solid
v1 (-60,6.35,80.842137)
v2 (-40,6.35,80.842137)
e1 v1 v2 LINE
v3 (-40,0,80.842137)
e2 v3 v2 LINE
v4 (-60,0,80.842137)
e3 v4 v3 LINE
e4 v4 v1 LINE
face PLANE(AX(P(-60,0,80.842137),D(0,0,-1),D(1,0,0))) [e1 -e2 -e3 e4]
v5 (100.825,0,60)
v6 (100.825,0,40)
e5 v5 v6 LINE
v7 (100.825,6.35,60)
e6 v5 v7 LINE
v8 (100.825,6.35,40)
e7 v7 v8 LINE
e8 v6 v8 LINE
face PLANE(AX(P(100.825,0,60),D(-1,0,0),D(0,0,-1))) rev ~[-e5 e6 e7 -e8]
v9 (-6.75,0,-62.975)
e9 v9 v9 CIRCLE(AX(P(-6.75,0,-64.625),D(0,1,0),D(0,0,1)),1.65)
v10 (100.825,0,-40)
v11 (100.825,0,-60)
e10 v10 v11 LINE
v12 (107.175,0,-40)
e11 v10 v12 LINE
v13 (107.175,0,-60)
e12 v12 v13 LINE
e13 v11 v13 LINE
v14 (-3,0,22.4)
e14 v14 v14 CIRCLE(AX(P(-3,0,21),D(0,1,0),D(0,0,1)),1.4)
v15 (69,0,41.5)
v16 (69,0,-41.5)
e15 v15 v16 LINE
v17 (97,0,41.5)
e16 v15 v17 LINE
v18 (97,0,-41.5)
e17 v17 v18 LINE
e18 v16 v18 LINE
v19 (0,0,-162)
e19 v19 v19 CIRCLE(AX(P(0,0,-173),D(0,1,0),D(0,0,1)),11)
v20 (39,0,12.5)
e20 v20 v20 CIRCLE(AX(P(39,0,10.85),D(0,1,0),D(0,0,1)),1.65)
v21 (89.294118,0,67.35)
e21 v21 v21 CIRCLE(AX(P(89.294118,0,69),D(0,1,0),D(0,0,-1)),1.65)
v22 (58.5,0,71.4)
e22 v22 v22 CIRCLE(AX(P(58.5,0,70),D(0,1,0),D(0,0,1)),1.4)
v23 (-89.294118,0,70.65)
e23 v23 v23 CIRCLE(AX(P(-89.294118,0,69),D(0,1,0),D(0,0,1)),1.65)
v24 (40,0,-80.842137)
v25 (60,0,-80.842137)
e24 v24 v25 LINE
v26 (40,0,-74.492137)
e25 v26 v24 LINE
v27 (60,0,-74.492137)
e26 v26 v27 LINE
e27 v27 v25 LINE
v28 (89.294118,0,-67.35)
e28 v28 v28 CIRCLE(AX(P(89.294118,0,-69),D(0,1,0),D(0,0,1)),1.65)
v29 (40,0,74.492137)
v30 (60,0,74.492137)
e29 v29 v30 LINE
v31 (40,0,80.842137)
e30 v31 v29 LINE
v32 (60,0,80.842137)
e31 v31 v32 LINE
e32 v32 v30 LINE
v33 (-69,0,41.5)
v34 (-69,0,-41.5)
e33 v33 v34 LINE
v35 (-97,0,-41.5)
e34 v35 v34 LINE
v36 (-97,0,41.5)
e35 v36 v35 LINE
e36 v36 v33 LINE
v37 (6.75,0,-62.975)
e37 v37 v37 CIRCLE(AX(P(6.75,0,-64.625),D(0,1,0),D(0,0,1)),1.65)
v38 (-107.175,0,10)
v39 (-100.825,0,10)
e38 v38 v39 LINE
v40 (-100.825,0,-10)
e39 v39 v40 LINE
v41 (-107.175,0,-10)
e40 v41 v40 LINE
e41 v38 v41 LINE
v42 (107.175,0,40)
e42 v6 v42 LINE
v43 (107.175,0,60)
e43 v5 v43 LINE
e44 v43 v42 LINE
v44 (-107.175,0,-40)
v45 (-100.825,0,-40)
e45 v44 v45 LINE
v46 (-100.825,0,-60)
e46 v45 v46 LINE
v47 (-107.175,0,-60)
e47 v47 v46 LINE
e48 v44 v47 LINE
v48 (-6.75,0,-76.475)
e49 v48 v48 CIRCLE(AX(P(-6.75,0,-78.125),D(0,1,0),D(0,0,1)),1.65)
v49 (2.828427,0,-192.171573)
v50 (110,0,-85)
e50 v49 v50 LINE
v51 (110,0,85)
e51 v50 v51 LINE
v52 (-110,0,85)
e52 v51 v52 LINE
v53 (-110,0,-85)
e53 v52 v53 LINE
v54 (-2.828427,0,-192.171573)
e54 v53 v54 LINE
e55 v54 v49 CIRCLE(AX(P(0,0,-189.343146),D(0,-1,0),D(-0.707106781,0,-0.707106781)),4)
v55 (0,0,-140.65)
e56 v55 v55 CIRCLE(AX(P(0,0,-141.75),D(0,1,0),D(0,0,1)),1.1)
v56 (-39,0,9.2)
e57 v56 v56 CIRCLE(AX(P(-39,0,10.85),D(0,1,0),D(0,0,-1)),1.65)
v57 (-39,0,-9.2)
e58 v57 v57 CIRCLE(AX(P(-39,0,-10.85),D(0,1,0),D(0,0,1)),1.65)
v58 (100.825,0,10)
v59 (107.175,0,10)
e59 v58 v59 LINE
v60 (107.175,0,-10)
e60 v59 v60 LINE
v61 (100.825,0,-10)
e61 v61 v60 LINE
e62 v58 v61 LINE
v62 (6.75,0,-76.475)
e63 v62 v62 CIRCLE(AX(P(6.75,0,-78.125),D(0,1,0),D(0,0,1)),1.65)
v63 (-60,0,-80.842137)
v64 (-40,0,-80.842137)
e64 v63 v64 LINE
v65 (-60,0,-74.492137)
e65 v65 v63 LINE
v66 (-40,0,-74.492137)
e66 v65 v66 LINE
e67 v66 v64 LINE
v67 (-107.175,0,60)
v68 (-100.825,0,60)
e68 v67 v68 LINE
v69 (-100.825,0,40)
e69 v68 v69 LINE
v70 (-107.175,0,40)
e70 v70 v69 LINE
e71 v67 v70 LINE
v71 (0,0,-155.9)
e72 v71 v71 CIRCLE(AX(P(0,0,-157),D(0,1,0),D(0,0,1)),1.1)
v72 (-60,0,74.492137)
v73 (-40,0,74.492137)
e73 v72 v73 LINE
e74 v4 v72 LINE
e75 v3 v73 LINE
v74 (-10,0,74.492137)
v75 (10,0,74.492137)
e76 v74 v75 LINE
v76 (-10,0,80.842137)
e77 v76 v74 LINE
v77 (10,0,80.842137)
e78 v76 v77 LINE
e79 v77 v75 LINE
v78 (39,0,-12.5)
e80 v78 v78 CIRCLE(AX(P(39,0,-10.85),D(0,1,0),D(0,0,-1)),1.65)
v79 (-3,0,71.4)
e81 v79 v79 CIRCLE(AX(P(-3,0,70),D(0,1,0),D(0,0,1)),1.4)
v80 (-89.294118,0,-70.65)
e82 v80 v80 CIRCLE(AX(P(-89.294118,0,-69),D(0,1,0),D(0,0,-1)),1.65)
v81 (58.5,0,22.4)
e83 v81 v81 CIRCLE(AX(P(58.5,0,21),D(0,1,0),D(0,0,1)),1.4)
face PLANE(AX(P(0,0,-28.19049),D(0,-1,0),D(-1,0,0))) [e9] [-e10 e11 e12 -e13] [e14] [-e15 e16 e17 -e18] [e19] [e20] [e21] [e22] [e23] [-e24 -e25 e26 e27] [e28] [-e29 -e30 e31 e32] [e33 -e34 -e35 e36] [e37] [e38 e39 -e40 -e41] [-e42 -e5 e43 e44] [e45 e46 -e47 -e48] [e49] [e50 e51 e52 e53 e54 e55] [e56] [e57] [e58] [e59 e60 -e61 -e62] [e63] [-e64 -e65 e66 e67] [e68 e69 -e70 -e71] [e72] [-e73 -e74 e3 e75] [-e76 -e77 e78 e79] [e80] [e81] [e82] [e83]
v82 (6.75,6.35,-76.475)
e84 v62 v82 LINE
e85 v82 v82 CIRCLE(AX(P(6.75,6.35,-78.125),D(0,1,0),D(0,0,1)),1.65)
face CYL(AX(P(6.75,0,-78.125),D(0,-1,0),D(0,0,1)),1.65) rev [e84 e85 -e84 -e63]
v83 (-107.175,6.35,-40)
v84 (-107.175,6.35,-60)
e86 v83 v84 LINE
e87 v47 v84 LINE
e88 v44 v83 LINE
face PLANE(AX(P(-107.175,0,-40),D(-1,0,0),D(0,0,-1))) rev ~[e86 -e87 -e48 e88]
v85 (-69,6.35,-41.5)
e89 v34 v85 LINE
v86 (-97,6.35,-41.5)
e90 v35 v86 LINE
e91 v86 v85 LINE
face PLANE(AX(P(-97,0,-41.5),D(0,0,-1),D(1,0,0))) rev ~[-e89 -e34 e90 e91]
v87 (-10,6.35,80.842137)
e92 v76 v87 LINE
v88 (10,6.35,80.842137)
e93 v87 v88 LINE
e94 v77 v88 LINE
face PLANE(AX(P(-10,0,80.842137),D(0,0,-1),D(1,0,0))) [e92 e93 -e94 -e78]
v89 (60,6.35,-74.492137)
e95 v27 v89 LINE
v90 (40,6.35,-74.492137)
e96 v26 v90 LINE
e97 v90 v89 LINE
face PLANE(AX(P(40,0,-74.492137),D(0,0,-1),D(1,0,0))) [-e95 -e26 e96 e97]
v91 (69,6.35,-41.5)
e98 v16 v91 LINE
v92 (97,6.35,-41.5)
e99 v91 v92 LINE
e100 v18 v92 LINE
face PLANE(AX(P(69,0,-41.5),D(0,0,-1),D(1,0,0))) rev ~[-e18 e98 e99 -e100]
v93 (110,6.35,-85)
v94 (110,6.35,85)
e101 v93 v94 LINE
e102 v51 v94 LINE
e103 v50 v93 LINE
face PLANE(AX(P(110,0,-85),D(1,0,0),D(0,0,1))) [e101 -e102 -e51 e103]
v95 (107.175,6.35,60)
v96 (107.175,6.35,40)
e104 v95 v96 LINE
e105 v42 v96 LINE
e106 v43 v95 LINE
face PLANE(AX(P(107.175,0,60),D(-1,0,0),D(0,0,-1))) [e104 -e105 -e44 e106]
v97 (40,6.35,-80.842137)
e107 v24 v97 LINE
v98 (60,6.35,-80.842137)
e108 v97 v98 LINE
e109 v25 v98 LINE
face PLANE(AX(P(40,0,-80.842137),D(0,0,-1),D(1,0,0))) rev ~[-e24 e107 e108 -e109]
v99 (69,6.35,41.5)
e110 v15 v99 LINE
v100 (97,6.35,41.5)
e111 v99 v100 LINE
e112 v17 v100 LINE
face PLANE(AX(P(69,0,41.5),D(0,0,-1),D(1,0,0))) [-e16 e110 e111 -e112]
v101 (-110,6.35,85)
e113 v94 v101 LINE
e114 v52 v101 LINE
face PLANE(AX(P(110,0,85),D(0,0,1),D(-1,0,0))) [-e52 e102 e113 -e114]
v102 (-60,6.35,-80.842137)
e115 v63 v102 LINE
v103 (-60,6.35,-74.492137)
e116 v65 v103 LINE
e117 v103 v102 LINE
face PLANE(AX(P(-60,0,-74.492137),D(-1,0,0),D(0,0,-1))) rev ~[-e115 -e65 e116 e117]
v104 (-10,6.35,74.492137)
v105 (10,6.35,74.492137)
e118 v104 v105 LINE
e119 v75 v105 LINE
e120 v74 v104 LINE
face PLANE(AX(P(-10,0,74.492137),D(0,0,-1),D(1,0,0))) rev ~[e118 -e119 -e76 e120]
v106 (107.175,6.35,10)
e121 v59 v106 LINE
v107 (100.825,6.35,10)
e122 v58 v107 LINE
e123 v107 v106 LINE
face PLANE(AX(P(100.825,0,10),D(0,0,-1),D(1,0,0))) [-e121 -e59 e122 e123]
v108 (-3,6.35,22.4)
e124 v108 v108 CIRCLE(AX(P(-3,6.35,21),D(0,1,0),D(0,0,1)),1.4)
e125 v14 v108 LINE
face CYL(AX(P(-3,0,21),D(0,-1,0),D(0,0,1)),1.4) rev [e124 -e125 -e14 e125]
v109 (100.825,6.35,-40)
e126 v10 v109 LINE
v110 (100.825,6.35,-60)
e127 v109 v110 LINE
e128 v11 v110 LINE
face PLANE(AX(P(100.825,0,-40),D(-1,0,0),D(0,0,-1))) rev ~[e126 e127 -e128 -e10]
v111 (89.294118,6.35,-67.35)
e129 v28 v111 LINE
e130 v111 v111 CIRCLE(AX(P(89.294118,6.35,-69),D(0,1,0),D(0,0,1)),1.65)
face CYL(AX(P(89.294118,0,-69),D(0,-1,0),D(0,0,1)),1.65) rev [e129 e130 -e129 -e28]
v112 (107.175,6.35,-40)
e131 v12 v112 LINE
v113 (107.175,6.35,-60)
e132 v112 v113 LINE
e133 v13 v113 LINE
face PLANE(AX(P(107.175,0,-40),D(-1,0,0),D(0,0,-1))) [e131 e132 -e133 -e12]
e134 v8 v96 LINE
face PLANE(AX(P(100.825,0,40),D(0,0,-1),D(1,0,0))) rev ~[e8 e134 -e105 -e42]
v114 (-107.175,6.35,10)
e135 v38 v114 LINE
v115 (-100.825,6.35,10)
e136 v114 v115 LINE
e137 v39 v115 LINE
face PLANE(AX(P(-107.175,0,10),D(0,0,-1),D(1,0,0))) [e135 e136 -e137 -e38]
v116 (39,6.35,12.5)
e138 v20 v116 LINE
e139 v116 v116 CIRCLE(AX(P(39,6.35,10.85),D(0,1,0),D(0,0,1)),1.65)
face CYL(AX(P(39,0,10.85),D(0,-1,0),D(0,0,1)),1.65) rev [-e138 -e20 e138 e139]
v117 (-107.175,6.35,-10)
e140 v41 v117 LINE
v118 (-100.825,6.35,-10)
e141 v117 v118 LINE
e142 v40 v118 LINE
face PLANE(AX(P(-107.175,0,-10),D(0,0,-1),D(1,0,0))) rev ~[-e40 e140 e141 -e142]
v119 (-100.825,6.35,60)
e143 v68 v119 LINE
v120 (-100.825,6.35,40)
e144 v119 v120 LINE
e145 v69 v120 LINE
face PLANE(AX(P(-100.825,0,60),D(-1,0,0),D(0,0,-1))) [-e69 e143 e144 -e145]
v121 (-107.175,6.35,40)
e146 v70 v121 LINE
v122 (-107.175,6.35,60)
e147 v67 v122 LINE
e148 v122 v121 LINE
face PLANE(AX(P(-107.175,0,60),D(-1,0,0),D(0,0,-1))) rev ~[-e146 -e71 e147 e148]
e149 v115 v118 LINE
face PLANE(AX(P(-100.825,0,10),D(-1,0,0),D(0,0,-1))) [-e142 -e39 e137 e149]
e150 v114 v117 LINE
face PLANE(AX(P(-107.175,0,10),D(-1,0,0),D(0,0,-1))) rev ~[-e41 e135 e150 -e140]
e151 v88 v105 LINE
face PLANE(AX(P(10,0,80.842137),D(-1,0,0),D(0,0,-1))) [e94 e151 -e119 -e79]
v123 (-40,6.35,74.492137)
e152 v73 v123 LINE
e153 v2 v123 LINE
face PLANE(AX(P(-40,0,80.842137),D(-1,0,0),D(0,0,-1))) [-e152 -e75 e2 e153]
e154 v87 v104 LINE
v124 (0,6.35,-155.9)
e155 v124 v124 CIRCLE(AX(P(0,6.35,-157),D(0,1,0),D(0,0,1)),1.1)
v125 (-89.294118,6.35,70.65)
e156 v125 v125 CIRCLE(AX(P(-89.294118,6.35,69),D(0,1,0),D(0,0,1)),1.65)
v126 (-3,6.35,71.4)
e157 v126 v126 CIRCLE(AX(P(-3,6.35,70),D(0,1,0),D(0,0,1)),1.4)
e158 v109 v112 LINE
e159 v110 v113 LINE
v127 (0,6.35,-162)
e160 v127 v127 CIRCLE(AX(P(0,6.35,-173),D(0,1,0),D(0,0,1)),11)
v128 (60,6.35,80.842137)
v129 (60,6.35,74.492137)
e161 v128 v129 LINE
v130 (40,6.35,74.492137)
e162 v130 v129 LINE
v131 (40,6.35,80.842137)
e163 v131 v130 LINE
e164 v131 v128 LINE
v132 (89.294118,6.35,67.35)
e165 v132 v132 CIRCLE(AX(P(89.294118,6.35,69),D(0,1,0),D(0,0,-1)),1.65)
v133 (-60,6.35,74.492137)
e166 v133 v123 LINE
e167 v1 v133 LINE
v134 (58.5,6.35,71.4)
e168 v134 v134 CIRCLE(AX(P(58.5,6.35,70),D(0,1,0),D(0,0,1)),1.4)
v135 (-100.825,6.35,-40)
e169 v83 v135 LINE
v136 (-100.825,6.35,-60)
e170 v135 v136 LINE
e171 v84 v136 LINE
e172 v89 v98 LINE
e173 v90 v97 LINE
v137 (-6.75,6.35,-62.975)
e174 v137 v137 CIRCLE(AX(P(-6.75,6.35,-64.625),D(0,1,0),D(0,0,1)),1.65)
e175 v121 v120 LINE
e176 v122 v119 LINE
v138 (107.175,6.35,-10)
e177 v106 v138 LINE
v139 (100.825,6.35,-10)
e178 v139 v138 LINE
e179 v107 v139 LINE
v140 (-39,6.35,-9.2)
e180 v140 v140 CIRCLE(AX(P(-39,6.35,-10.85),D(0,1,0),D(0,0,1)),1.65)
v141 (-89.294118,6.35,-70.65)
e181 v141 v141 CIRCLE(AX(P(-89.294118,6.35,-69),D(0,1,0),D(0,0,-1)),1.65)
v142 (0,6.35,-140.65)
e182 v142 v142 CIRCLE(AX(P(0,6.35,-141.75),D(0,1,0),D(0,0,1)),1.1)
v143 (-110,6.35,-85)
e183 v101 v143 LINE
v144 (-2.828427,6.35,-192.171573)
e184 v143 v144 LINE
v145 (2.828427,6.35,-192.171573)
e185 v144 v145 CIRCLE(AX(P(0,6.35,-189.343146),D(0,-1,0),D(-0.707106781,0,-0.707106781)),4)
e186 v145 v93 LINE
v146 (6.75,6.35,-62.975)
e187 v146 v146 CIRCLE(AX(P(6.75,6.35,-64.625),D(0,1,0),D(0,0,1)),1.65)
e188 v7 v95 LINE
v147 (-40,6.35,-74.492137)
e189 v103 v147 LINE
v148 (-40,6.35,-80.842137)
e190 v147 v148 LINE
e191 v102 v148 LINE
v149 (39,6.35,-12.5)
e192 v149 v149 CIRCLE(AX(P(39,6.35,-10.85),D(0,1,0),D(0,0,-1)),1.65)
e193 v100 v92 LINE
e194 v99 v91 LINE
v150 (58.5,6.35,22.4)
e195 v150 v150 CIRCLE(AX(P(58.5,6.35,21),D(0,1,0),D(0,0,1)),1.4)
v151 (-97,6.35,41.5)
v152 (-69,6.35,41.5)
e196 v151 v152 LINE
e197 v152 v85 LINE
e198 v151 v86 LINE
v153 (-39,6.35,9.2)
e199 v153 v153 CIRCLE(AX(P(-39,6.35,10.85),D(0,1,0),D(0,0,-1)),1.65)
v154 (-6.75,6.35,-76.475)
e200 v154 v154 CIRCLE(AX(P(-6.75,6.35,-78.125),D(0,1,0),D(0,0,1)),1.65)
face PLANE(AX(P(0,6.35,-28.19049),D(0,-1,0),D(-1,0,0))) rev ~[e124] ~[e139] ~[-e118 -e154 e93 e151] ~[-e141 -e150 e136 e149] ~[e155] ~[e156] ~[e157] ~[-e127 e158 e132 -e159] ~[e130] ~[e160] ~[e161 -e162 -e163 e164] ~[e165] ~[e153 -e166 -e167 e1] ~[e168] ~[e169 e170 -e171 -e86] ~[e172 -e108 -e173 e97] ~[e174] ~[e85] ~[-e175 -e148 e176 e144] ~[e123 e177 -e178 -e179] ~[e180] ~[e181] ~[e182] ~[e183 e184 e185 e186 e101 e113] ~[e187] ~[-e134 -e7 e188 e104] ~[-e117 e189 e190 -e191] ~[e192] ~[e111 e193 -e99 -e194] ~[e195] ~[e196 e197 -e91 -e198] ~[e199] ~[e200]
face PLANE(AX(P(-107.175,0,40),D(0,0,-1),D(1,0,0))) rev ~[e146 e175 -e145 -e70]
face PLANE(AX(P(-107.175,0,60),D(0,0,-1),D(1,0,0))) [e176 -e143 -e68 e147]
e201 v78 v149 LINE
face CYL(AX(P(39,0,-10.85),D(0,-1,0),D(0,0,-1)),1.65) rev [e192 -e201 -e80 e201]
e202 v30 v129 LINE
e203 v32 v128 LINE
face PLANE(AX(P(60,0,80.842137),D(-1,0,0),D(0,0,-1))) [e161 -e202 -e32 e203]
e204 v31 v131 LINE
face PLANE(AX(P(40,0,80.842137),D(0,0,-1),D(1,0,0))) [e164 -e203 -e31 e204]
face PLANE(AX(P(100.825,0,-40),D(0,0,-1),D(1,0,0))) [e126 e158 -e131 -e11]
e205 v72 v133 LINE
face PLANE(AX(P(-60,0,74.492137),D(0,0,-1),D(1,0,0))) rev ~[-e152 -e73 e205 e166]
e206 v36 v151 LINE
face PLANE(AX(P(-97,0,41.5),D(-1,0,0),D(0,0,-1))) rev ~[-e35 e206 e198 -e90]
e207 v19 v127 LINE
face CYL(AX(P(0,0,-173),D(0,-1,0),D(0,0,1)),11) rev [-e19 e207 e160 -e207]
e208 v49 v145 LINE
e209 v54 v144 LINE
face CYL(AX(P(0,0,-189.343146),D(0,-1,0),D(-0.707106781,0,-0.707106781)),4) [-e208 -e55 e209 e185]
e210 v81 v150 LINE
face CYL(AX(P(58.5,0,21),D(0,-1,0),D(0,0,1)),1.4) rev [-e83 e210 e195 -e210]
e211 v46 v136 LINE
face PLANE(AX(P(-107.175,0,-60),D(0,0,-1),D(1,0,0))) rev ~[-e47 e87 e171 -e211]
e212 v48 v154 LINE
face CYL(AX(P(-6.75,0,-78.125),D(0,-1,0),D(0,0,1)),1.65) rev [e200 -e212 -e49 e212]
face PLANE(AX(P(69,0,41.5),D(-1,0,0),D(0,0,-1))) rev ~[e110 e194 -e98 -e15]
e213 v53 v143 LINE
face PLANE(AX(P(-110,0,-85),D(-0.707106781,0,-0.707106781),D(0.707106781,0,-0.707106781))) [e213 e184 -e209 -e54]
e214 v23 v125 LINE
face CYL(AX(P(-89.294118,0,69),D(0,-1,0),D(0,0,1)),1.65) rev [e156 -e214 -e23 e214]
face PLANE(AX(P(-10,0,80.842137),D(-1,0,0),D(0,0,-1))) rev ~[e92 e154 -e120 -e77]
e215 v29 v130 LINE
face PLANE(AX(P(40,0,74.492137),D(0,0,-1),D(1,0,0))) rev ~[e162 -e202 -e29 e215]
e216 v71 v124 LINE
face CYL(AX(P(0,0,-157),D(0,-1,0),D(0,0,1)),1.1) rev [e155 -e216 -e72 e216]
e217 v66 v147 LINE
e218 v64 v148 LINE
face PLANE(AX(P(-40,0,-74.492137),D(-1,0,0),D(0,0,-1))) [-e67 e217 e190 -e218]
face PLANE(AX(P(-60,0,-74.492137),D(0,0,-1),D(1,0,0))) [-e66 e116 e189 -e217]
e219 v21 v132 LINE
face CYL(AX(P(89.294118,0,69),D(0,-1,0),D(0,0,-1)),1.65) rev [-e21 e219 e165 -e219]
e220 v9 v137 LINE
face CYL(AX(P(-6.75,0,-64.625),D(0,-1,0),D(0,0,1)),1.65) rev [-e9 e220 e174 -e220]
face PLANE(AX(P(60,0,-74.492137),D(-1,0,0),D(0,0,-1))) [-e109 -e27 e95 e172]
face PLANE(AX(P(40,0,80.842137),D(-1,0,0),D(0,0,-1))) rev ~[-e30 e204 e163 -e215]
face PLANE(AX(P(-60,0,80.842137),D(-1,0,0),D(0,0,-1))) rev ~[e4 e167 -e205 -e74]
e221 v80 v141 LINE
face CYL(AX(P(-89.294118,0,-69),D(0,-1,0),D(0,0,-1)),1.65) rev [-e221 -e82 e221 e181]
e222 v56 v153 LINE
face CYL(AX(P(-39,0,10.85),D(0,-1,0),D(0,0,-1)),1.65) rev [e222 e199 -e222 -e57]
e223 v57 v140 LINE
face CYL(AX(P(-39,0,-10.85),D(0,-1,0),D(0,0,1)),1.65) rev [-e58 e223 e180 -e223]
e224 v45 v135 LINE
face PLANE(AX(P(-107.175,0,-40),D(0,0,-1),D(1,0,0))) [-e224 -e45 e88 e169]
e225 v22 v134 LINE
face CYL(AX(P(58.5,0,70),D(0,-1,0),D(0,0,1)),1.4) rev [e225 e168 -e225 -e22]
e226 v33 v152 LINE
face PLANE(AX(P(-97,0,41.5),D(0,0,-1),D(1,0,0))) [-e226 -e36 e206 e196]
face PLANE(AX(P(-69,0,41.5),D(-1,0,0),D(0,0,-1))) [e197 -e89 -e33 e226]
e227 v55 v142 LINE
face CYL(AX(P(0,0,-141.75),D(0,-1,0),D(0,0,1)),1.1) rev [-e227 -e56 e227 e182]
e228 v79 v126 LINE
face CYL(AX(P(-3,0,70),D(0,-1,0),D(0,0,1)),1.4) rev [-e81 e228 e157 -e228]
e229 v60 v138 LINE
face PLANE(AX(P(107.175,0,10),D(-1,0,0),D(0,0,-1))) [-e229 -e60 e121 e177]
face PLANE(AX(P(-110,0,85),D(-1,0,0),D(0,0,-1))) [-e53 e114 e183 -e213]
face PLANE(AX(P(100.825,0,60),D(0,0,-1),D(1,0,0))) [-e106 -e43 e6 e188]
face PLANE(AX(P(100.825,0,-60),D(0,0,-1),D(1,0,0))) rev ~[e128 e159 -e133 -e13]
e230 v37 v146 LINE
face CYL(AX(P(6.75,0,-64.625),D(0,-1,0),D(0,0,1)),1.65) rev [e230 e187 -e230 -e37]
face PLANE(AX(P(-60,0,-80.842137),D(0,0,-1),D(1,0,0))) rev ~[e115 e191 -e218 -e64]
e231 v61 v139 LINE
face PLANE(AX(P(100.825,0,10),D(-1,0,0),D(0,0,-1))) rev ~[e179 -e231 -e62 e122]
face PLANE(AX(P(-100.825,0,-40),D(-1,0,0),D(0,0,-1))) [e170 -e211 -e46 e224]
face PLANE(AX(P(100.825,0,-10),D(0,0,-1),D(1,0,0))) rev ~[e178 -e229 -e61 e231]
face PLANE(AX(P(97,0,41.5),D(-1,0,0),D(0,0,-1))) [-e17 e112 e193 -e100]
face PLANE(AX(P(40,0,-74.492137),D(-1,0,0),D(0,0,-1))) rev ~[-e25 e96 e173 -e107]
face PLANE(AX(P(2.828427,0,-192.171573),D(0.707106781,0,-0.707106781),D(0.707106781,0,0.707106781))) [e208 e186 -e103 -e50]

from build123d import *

# Parameters (mm, degrees)
SKETCH1_R           = 1.65
SKETCH1_R_2         = 1.1
SKETCH1_R_3         = 1.4
SKETCH1_R_4         = 11
SKETCH1_W           = 28
SKETCH1_H           = 83
SKETCH1_W_2         = 6.35
SKETCH1_H_2         = 20
SKETCH1_W_3         = 20
SKETCH1_H_3         = 6.35
BOSS_EXTRUDE1_DEPTH = 6.35


with BuildPart() as part:
    # Sketch1 → Boss-Extrude1 (new body)
    with BuildSketch(Plane(origin=(0, 0, 0), x_dir=(1, 0, 0), z_dir=(0, 1, 0))):
        with BuildLine():
            Line((-110, 85), (-2.828427125, 192.171572875))
            ThreePointArc((-2.828427125, 192.171572875), (0, 193.343145751), (2.828427125, 192.171572875))
            Line((2.828427125, 192.171572875), (110, 85))
            Line((110, 85), (110, -85))
            Line((110, -85), (-110, -85))
            Line((-110, -85), (-110, 85))
        make_face()
        with Locations(Location((-39, 10.85, 0), (0, 0, 270))):
            Circle(SKETCH1_R, mode=Mode.SUBTRACT)
        with Locations(Location((-39, -10.85, 0), (0, 0, 90))):
            Circle(SKETCH1_R, mode=Mode.SUBTRACT)
        with Locations(Location((-89.294117647, -69, 0), (0, 0, 270))):
            Circle(SKETCH1_R, mode=Mode.SUBTRACT)
        with Locations(Location((89.294117647, -69, 0), (0, 0, 90))):
            Circle(SKETCH1_R, mode=Mode.SUBTRACT)
        with Locations(Location((-89.294117647, 69, 0), (0, 0, 90))):
            Circle(SKETCH1_R, mode=Mode.SUBTRACT)
        with Locations(Location((89.294117647, 69, 0), (0, 0, 270))):
            Circle(SKETCH1_R, mode=Mode.SUBTRACT)
        with Locations(Location((39, -10.85, 0), (0, 0, 270))):
            Circle(SKETCH1_R, mode=Mode.SUBTRACT)
        with Locations(Location((39, 10.85, 0), (0, 0, 90))):
            Circle(SKETCH1_R, mode=Mode.SUBTRACT)
        with Locations(Location((0, 157, 0), (0, 0, 270))):
            Circle(SKETCH1_R_2, mode=Mode.SUBTRACT)
        with Locations(Location((0, 141.75, 0), (0, 0, 270))):
            Circle(SKETCH1_R_2, mode=Mode.SUBTRACT)
        with Locations(Location((-3, -21, 0), (0, 0, 270))):
            Circle(SKETCH1_R_3, mode=Mode.SUBTRACT)
        with Locations(Location((-3, -70, 0), (0, 0, 270))):
            Circle(SKETCH1_R_3, mode=Mode.SUBTRACT)
        with Locations(Location((58.5, -70, 0), (0, 0, 270))):
            Circle(SKETCH1_R_3, mode=Mode.SUBTRACT)
        with Locations(Location((58.5, -21, 0), (0, 0, 270))):
            Circle(SKETCH1_R_3, mode=Mode.SUBTRACT)
        with Locations(Location((-6.75, 78.125, 0), (0, 0, 270))):
            Circle(SKETCH1_R, mode=Mode.SUBTRACT)
        with Locations(Location((6.75, 78.125, 0), (0, 0, 270))):
            Circle(SKETCH1_R, mode=Mode.SUBTRACT)
        with Locations(Location((6.75, 64.625, 0), (0, 0, 270))):
            Circle(SKETCH1_R, mode=Mode.SUBTRACT)
        with Locations(Location((-6.75, 64.625, 0), (0, 0, 270))):
            Circle(SKETCH1_R, mode=Mode.SUBTRACT)
        with Locations(Location((0, 173, 0), (0, 0, 270))):
            Circle(SKETCH1_R_4, mode=Mode.SUBTRACT)
        with Locations((-83, 0)):
            Rectangle(SKETCH1_W, SKETCH1_H, mode=Mode.SUBTRACT)
        with Locations((-104, 50)):
            Rectangle(SKETCH1_W_2, SKETCH1_H_2, mode=Mode.SUBTRACT)
        with Locations((-104, 0)):
            Rectangle(SKETCH1_W_2, SKETCH1_H_2, mode=Mode.SUBTRACT)
        with Locations((-104, -50)):
            Rectangle(SKETCH1_W_2, SKETCH1_H_2, mode=Mode.SUBTRACT)
        with Locations((50, -77.667136592)):
            Rectangle(SKETCH1_W_3, SKETCH1_H_3, mode=Mode.SUBTRACT)
        with Locations((0, -77.667136592)):
            Rectangle(SKETCH1_W_3, SKETCH1_H_3, mode=Mode.SUBTRACT)
        with Locations((-50, -77.667136592)):
            Rectangle(SKETCH1_W_3, SKETCH1_H_3, mode=Mode.SUBTRACT)
        with Locations((104, -50)):
            Rectangle(SKETCH1_W_2, SKETCH1_H_2, mode=Mode.SUBTRACT)
        with Locations((104, 50)):
            Rectangle(SKETCH1_W_2, SKETCH1_H_2, mode=Mode.SUBTRACT)
        with Locations((104, 0)):
            Rectangle(SKETCH1_W_2, SKETCH1_H_2, mode=Mode.SUBTRACT)
        with Locations((-50, 77.667136592)):
            Rectangle(SKETCH1_W_3, SKETCH1_H_3, mode=Mode.SUBTRACT)
        with Locations((50, 77.667136592)):
            Rectangle(SKETCH1_W_3, SKETCH1_H_3, mode=Mode.SUBTRACT)
        with Locations((83, 0)):
            Rectangle(SKETCH1_W, SKETCH1_H, mode=Mode.SUBTRACT)
    extrude(amount=BOSS_EXTRUDE1_DEPTH)


solid = part.part
